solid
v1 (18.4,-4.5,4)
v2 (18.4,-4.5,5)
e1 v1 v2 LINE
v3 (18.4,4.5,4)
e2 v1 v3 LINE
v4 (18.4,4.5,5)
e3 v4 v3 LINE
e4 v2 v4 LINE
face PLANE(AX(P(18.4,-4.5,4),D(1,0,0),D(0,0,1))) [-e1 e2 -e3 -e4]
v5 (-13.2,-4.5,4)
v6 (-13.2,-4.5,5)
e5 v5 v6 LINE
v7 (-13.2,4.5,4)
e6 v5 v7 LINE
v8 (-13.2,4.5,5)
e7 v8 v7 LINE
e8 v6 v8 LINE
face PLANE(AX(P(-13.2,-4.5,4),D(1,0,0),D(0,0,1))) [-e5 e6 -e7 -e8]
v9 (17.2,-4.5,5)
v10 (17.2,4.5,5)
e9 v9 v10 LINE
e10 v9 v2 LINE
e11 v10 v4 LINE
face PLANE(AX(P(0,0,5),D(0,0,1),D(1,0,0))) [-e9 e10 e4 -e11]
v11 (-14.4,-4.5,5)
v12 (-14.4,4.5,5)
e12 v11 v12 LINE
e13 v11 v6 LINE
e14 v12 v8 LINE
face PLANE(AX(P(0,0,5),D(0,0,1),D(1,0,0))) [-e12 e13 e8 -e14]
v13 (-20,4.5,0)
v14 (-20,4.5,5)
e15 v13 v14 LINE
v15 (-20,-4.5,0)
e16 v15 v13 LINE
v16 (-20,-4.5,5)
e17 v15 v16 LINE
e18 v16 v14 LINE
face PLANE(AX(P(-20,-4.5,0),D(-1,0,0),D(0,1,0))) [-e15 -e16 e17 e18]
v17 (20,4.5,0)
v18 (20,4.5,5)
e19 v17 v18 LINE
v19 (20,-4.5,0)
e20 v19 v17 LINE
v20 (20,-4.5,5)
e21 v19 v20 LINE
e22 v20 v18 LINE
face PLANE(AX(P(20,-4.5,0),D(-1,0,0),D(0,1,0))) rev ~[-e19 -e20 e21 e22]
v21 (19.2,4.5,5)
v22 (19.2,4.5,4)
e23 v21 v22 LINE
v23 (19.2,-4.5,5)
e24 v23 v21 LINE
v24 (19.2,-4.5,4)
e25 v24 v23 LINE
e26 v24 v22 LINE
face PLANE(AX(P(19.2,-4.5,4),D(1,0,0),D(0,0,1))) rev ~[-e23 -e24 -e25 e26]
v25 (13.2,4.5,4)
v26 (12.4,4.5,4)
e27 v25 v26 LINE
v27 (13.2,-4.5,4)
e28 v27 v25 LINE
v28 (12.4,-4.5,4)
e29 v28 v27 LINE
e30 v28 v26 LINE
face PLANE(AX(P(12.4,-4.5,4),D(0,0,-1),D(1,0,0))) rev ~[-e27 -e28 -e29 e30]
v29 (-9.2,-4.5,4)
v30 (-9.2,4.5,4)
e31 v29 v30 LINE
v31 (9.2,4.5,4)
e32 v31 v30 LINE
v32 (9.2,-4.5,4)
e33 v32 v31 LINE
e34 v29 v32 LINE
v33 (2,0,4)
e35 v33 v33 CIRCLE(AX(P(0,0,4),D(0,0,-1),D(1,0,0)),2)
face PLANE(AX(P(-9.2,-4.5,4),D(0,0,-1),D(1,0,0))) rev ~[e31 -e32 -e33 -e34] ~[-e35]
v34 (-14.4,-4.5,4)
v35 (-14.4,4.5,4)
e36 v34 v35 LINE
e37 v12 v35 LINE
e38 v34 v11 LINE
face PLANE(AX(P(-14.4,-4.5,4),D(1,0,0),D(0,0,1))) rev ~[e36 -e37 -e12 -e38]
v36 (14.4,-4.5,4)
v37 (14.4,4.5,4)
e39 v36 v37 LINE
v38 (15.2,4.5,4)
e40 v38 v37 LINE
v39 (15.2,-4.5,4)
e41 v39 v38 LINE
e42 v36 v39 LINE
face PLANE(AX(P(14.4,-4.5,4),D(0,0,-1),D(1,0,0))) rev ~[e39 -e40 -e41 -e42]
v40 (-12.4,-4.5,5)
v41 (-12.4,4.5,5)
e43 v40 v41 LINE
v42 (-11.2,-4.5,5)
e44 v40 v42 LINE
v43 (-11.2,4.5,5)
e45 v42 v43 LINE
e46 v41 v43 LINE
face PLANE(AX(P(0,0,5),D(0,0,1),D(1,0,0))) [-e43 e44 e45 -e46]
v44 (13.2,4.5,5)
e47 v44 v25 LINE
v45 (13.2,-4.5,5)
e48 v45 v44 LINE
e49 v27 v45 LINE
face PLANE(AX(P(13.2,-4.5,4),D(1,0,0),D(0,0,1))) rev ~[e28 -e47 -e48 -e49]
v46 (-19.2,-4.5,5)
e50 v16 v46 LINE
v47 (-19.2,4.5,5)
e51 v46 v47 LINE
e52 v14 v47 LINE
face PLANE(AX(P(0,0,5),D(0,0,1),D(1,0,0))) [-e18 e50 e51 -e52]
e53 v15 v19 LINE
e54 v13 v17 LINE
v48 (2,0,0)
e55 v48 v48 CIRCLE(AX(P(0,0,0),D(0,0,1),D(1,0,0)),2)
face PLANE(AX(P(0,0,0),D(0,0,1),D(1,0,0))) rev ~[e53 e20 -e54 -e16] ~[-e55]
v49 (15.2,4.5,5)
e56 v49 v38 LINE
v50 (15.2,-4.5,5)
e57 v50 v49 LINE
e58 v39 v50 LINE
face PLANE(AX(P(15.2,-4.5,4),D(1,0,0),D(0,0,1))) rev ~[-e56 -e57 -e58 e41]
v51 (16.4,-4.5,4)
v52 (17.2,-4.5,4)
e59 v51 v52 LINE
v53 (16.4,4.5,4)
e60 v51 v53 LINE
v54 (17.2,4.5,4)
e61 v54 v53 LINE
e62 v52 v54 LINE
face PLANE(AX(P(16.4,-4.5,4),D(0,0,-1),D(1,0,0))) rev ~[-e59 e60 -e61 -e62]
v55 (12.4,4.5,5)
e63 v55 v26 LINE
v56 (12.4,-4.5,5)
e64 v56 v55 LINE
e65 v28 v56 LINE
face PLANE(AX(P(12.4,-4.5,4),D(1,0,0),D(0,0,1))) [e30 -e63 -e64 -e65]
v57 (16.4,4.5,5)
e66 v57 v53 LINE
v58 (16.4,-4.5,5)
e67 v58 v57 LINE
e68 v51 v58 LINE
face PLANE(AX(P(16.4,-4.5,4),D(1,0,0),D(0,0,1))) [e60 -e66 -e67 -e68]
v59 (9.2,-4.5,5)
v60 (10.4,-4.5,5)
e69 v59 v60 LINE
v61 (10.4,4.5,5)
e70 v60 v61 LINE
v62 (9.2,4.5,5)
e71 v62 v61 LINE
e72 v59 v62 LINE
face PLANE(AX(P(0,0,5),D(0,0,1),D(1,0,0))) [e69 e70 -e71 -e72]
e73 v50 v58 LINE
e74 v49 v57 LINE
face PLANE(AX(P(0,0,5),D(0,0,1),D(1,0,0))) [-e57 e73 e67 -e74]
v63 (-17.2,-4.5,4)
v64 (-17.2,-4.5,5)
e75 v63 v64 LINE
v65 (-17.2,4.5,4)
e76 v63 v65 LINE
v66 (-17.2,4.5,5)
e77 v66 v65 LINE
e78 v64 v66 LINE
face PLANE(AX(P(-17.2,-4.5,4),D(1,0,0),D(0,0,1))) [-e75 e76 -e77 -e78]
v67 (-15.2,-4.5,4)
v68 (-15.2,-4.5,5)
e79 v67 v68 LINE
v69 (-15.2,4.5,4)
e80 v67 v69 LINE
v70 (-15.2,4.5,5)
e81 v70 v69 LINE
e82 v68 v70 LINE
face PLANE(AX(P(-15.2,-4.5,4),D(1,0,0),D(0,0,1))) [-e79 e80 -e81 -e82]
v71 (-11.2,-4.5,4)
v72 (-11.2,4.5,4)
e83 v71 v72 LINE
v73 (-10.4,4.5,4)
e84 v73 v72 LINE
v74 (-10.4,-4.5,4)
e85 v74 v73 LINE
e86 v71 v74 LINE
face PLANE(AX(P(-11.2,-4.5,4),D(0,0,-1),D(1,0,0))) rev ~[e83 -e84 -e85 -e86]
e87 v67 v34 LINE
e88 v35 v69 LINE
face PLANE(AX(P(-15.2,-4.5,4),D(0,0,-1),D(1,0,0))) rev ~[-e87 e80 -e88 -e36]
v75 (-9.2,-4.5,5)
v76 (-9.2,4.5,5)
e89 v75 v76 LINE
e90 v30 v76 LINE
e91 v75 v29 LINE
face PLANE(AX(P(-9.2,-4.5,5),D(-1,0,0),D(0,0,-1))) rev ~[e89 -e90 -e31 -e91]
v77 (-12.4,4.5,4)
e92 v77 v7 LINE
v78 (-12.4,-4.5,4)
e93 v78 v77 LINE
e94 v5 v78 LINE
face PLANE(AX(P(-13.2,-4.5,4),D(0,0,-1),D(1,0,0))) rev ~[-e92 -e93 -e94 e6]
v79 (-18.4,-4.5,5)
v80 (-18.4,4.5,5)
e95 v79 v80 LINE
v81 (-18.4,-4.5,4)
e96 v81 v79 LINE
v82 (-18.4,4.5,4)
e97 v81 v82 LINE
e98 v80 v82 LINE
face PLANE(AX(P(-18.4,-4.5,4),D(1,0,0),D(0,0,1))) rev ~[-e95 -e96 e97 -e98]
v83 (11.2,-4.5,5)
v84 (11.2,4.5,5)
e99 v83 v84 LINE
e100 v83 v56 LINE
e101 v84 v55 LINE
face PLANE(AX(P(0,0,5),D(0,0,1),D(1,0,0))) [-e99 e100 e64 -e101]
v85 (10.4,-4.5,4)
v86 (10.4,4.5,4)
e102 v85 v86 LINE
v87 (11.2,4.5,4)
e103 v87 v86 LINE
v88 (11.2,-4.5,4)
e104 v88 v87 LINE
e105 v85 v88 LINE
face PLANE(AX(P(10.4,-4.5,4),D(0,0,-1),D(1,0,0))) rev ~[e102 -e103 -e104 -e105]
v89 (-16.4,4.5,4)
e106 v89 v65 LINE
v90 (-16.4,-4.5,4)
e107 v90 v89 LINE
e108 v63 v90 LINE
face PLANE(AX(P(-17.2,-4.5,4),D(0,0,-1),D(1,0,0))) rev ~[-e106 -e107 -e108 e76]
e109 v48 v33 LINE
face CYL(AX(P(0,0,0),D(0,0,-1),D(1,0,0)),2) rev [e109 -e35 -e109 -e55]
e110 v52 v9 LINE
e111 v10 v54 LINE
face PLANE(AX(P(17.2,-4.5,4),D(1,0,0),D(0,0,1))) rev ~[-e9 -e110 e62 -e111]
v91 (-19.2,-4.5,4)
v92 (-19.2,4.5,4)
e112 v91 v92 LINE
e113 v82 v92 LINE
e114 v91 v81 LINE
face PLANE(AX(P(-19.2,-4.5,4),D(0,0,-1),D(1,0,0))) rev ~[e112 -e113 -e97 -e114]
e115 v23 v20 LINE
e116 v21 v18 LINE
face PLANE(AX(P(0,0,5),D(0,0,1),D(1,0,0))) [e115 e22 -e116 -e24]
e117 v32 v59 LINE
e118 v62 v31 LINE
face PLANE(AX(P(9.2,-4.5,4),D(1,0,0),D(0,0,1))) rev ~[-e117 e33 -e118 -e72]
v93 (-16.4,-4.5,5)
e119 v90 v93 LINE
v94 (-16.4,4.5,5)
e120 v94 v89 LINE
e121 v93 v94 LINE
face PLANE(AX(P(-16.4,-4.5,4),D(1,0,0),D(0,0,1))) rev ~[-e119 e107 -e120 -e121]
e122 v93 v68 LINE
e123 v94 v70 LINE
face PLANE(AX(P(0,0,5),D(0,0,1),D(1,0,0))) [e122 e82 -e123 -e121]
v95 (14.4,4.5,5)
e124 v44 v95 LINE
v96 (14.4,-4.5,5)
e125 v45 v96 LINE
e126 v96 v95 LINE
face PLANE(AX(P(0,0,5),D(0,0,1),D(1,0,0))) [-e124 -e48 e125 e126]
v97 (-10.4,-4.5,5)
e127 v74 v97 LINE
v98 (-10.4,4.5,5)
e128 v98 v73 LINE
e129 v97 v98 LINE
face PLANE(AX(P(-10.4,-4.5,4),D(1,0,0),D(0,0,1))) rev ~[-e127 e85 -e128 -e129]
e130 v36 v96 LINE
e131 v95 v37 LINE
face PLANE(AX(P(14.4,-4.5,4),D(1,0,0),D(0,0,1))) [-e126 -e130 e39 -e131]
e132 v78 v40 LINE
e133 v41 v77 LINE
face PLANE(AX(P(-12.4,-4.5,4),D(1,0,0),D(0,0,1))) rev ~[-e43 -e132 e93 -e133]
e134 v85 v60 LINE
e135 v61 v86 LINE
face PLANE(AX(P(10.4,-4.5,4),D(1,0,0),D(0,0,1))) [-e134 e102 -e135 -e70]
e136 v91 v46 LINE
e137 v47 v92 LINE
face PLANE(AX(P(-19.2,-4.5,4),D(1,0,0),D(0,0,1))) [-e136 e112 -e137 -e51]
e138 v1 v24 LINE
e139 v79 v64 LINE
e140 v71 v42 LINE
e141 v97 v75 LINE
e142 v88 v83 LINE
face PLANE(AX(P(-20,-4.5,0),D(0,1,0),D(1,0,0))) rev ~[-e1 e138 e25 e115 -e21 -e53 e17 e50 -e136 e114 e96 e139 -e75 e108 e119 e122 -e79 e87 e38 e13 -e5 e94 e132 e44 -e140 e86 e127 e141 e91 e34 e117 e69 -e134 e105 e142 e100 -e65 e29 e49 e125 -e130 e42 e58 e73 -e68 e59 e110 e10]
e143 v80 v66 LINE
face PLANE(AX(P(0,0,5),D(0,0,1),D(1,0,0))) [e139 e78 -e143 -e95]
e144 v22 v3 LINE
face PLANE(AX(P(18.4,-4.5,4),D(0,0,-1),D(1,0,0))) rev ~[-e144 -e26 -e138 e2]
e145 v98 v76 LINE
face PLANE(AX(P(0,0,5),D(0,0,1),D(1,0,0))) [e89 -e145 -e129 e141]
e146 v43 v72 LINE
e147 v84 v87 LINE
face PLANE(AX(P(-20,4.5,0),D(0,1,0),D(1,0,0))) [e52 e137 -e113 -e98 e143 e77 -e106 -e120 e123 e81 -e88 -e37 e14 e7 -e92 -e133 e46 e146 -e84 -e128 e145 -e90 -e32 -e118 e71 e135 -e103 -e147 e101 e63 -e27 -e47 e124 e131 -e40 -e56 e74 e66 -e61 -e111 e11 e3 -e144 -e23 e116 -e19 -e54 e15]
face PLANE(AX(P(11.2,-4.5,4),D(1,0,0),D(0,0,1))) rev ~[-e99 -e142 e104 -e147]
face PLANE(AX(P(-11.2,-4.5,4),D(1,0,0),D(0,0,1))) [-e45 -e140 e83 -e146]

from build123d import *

# Parameters (mm, degrees)
SKETCH_1_W          = 40
SKETCH_1_H          = 9
SKETCH_1_R          = 2
EXTRUDE_1_DEPTH     = 5
SKETCH_2_W          = 0.8
SKETCH_2_H          = 1
CUT_EXTRUDE_1_DEPTH = 23.494443758


with BuildPart() as part:
    # 草圖1 → 填料-伸長1 (new body)
    with BuildSketch(Plane.XY):
        Rectangle(SKETCH_1_W, SKETCH_1_H)
        Circle(SKETCH_1_R, mode=Mode.SUBTRACT)
    extrude(amount=EXTRUDE_1_DEPTH)

    # 草圖2 → 除料-伸長1 (cut, through all)
    with BuildSketch(Plane.XZ.offset(4.5)):
        with Locations((-18.8, 4.5)):
            Rectangle(SKETCH_2_W, SKETCH_2_H)
        with Locations((-16.8, 4.5)):
            Rectangle(SKETCH_2_W, SKETCH_2_H)
        with Locations((-14.8, 4.5)):
            Rectangle(SKETCH_2_W, SKETCH_2_H)
        with Locations((-12.8, 4.5)):
            Rectangle(SKETCH_2_W, SKETCH_2_H)
        with Locations((-10.8, 4.5)):
            Rectangle(SKETCH_2_W, SKETCH_2_H)
        Polygon((-9.2, 4), (-8.4, 4), (8.4, 4), (9.2, 4), (9.2, 5), (8.4, 5), (-8.4, 5), (-9.2, 5), align=None)
        with Locations((10.8, 4.5)):
            Rectangle(SKETCH_2_W, SKETCH_2_H)
        with Locations((12.8, 4.5)):
            Rectangle(SKETCH_2_W, SKETCH_2_H)
        with Locations((14.8, 4.5)):
            Rectangle(SKETCH_2_W, SKETCH_2_H)
        with Locations((16.8, 4.5)):
            Rectangle(SKETCH_2_W, SKETCH_2_H)
        with Locations((18.8, 4.5)):
            Rectangle(SKETCH_2_W, SKETCH_2_H)
    extrude(amount=-CUT_EXTRUDE_1_DEPTH, mode=Mode.SUBTRACT)


solid = part.part
